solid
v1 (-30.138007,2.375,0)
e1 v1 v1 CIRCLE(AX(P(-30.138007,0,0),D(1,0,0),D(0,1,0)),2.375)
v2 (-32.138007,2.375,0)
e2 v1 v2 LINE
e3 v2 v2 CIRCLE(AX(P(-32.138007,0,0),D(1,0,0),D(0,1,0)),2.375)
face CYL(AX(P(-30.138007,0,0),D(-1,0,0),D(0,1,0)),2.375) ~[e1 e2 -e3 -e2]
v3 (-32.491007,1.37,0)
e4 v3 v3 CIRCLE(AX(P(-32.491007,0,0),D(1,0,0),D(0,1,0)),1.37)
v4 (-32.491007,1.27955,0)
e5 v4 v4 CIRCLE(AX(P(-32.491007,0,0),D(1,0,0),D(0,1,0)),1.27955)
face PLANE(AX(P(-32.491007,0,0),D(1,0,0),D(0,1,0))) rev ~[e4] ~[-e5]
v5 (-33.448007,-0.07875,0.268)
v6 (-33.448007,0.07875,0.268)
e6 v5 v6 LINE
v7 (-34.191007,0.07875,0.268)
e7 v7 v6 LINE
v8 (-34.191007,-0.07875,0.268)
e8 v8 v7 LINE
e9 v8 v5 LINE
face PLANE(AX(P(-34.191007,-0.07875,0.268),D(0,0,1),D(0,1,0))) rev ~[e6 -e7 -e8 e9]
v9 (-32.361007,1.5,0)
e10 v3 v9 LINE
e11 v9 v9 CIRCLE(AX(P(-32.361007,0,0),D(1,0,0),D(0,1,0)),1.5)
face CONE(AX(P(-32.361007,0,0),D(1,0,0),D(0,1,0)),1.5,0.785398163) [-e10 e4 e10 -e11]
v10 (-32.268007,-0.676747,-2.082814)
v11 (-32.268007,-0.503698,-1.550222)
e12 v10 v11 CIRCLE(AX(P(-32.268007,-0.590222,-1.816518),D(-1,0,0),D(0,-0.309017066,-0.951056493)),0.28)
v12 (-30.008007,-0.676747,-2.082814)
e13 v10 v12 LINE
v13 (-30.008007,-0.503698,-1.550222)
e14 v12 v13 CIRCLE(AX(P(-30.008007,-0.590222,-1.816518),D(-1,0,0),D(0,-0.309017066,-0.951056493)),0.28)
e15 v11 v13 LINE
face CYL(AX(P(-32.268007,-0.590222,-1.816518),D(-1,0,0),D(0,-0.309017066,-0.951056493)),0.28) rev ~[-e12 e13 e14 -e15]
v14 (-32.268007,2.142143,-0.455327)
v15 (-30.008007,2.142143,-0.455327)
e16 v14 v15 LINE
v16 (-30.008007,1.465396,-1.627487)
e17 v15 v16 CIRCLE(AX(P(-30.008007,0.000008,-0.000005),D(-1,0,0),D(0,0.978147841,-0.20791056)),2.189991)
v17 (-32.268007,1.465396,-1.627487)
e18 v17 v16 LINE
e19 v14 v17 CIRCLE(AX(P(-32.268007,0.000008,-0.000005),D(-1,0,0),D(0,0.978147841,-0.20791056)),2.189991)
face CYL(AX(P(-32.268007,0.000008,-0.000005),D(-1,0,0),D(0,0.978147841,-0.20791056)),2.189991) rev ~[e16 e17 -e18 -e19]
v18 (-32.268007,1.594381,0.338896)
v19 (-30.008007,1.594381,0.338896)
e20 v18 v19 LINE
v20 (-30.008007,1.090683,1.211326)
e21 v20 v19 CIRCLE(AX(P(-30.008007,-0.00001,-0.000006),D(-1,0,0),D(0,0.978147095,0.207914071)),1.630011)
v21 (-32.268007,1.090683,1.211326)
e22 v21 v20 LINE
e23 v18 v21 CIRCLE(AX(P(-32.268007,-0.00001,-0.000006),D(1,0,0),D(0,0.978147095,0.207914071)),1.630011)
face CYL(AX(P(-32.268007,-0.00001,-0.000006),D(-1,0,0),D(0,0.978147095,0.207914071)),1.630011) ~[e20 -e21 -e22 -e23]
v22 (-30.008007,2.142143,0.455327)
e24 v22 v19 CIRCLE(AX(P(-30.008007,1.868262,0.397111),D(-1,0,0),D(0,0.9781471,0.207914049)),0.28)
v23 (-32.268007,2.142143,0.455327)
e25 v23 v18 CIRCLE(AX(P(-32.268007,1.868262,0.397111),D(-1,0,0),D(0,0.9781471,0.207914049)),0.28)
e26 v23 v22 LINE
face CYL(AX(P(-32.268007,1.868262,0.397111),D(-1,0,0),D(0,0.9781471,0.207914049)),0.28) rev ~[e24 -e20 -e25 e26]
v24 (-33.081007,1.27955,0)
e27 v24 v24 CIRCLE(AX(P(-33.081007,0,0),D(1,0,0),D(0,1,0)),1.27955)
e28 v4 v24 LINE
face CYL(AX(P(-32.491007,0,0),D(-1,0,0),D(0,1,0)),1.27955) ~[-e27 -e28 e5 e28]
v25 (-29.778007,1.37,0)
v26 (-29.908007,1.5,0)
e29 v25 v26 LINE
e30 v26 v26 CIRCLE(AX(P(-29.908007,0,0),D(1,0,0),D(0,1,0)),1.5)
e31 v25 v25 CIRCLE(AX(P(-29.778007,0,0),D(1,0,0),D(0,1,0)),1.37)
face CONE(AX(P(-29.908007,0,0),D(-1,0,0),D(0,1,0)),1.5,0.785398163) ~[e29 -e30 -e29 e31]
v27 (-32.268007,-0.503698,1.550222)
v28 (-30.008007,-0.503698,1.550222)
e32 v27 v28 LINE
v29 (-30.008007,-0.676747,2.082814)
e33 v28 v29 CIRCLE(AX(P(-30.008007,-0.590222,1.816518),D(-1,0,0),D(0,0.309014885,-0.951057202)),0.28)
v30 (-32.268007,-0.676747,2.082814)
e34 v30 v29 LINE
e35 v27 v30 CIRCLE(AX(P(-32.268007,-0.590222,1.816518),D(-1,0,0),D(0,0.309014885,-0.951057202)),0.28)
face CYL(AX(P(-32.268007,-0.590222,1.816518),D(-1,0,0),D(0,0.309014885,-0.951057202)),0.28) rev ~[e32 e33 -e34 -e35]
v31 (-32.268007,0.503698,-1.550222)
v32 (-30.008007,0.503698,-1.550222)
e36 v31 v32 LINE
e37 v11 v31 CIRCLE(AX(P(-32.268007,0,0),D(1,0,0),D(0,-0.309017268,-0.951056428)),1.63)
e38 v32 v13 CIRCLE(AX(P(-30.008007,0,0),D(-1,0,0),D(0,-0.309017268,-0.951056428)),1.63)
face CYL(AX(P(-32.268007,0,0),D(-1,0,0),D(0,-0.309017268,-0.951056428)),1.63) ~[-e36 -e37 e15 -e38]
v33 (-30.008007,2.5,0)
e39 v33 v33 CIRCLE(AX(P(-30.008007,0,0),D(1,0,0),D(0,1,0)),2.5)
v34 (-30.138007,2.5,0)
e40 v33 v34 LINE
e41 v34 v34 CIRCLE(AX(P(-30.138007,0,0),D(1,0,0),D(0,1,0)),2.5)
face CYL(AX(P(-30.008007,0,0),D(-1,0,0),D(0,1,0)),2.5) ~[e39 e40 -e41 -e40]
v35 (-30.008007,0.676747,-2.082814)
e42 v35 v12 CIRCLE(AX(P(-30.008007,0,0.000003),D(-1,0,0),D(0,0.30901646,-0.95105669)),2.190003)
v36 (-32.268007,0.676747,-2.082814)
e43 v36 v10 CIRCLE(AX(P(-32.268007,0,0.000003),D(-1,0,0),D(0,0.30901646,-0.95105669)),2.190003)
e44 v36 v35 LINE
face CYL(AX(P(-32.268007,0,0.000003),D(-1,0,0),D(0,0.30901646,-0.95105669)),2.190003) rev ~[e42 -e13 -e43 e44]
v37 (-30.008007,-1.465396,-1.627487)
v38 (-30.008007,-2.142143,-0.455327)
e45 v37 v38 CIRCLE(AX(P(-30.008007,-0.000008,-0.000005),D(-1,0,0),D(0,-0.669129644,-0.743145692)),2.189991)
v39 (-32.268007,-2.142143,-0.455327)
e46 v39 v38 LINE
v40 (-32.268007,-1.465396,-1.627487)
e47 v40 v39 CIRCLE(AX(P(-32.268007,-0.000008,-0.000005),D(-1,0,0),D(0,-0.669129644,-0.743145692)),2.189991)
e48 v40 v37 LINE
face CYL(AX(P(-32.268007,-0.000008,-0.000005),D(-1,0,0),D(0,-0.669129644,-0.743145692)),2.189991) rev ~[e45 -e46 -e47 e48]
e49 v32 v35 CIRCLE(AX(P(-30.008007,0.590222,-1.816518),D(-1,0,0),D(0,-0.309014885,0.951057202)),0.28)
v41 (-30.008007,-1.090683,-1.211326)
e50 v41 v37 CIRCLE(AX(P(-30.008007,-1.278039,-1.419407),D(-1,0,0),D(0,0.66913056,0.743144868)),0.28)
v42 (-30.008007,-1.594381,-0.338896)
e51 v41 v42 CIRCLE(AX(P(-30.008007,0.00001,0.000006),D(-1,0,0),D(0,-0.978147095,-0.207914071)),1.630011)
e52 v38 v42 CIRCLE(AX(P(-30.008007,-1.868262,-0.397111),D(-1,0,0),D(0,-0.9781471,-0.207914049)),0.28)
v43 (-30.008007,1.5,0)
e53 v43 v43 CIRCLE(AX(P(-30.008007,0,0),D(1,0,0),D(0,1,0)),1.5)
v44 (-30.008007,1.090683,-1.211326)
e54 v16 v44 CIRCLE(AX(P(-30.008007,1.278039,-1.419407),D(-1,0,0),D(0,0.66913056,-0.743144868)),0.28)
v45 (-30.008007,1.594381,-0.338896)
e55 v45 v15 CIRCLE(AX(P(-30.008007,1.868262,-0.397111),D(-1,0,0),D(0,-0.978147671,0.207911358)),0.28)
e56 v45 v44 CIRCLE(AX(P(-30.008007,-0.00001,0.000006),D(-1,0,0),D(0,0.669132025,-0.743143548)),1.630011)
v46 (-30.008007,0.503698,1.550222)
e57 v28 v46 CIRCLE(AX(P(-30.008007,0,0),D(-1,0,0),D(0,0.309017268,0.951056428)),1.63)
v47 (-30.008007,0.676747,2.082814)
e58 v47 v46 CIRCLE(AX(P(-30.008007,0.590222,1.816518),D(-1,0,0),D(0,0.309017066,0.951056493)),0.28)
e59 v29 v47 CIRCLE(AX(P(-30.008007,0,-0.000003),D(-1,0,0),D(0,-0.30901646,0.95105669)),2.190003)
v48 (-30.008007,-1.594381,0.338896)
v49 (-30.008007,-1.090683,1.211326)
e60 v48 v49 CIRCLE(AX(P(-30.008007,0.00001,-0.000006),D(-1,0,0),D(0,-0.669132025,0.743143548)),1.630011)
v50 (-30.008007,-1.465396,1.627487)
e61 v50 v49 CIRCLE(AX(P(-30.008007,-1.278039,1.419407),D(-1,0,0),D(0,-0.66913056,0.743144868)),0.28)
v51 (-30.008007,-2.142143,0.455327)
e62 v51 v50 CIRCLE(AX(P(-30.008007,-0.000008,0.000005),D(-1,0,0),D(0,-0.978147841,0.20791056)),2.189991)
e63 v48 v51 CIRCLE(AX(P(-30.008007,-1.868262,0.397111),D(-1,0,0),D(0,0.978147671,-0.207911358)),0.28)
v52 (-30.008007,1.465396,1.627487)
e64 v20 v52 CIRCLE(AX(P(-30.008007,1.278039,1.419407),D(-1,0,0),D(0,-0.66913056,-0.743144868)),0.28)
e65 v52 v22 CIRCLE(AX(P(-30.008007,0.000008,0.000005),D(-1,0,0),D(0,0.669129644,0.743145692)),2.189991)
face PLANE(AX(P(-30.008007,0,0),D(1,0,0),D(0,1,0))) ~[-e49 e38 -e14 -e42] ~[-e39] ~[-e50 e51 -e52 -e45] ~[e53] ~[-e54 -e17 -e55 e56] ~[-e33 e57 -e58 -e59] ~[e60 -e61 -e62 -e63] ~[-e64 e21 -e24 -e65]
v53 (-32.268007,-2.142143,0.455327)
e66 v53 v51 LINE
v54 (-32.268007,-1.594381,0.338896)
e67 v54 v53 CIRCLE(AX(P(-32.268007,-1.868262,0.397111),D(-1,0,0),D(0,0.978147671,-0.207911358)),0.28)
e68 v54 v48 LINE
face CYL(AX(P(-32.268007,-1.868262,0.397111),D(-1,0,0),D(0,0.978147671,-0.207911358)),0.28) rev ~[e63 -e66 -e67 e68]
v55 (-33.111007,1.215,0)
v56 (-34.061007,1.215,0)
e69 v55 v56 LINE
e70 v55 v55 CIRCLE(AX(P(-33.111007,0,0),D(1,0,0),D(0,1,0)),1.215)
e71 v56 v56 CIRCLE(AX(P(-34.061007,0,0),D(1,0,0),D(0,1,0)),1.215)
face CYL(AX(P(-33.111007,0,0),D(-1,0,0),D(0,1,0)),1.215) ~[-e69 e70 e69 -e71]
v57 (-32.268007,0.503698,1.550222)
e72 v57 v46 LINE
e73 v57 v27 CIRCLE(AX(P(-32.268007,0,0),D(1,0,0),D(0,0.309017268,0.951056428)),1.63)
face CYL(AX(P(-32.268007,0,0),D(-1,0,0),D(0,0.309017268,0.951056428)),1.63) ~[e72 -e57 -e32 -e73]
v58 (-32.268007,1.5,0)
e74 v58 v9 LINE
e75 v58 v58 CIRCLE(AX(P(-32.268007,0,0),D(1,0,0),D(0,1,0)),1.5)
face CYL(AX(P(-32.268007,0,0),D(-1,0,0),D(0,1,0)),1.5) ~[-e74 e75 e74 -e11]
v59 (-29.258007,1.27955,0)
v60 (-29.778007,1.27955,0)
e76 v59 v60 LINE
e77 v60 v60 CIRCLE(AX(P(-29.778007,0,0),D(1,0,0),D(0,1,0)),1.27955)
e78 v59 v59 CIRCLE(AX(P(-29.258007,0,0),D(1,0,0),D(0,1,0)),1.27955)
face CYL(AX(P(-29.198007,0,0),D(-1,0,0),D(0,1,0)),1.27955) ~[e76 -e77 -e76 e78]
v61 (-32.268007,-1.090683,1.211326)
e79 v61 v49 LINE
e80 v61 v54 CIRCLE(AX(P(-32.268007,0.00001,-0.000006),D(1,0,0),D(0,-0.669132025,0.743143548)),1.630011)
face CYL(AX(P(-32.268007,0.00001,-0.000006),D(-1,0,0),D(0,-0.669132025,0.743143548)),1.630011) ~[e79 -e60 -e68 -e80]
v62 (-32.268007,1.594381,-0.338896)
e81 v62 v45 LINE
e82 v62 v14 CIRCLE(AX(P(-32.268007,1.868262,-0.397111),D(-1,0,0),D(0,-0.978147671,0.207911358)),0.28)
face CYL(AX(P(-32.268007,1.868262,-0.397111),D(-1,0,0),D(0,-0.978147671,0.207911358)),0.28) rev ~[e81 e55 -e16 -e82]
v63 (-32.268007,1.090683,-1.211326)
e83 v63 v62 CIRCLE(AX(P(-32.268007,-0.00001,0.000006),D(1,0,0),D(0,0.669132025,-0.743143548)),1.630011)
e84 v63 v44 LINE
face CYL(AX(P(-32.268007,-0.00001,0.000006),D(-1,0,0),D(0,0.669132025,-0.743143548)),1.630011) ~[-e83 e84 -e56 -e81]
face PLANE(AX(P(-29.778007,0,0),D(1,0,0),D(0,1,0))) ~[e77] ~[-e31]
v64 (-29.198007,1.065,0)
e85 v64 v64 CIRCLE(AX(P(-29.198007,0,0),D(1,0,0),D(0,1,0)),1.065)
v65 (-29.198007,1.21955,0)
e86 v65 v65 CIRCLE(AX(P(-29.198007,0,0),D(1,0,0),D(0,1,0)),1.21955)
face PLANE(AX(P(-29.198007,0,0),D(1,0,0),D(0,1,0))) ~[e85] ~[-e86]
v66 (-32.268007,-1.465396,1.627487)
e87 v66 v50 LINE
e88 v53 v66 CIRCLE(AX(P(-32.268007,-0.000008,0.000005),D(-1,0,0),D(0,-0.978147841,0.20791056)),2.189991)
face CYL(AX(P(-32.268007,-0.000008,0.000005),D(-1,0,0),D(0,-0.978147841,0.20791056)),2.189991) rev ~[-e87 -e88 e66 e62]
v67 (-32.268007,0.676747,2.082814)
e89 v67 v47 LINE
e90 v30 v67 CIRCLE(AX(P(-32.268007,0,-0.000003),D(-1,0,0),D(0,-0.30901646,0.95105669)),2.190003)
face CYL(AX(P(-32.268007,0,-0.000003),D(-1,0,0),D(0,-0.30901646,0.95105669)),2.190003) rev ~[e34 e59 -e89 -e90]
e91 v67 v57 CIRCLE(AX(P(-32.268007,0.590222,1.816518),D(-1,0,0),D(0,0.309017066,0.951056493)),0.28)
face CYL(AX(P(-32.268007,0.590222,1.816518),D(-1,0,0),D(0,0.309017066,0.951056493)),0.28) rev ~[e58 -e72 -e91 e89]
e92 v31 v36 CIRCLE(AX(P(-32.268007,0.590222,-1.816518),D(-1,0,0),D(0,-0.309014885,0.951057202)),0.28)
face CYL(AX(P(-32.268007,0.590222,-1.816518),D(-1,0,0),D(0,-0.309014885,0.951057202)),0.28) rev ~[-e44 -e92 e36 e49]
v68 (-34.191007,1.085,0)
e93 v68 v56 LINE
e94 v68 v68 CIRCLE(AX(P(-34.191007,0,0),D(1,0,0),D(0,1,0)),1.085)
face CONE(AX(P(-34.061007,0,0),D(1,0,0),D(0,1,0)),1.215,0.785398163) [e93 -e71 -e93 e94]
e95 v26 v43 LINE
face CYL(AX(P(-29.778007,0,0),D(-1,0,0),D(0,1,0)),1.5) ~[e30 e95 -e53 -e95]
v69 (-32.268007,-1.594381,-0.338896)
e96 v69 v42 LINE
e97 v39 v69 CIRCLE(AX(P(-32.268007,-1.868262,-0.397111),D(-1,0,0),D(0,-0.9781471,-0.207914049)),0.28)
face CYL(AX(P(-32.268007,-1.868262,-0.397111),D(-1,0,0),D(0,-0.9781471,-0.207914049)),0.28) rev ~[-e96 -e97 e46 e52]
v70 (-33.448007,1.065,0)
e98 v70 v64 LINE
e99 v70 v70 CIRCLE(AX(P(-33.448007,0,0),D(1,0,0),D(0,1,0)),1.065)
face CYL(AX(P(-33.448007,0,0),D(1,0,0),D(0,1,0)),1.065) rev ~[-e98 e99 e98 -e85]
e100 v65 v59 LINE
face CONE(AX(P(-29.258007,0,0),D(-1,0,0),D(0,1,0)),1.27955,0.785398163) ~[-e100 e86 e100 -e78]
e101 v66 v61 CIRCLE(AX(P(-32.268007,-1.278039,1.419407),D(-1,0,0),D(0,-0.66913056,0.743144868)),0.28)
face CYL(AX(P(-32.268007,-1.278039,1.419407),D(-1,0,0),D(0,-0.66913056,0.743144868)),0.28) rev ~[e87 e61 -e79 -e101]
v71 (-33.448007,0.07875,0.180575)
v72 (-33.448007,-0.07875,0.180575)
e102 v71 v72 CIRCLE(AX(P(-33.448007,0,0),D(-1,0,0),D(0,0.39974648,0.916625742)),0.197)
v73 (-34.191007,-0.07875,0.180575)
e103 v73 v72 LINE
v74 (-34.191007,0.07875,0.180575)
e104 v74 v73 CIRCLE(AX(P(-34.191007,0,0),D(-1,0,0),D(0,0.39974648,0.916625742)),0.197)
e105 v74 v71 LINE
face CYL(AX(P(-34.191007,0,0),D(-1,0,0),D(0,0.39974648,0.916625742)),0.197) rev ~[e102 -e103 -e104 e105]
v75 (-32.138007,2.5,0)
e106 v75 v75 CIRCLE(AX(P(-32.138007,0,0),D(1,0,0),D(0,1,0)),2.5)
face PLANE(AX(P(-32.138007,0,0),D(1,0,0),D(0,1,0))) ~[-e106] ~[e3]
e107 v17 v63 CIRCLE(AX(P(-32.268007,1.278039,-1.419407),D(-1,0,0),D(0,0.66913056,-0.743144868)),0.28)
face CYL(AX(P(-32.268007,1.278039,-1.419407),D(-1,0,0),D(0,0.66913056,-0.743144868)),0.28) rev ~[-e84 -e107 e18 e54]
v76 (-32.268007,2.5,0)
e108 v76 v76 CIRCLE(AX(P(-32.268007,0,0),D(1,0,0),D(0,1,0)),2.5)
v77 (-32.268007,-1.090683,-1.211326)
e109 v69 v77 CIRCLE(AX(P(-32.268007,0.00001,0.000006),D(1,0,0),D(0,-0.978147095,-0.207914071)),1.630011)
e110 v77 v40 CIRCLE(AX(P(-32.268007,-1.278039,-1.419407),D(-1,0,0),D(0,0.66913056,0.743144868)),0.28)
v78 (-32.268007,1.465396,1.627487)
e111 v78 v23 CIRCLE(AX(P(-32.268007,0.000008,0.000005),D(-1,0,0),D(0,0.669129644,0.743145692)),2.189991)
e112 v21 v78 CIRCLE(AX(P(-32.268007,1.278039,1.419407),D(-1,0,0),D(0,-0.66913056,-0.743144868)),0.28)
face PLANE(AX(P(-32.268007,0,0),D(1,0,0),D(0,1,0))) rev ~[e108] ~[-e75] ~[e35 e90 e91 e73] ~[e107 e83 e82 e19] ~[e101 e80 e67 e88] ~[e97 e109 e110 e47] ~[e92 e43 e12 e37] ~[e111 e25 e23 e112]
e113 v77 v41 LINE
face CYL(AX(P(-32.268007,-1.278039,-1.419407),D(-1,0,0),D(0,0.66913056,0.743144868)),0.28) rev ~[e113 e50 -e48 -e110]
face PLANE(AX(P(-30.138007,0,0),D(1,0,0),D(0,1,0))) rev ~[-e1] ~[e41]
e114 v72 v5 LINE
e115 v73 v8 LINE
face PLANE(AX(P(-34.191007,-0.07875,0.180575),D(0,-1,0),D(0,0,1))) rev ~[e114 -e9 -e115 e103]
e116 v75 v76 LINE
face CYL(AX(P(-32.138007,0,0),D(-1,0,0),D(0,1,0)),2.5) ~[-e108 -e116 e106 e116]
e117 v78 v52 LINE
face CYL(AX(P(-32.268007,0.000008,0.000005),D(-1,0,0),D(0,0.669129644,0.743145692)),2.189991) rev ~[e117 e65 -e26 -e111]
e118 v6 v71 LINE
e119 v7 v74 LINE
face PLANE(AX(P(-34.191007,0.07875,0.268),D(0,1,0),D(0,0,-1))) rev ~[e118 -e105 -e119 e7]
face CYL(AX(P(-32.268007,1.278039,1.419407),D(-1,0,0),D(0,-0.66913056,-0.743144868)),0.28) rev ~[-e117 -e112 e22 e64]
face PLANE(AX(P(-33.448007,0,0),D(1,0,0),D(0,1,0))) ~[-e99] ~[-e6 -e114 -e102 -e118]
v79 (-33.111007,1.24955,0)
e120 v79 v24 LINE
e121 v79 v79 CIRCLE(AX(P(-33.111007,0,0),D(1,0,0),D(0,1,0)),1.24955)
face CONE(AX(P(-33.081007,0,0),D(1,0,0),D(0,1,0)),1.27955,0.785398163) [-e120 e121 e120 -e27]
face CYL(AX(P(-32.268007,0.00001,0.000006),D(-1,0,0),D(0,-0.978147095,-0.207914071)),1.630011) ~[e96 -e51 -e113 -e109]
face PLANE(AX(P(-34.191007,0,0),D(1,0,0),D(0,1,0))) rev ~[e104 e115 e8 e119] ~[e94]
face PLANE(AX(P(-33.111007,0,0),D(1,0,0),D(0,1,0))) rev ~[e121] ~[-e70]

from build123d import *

# Parameters (mm, degrees)
F3_DEPTH  = 6.86
F4_SIZE   = 0.13
F5_SIZE   = 0.06
F6_SIZE   = 0.03
F8_DEPTH  = 6.79
F10_DEPTH = 14.1


with BuildPart() as f1:
    # F0 (on Top) → F1 (revolve)
    with BuildSketch(Plane.XY):
        Polygon((-33.448007, 1.065), (-29.198007, 1.065), (-29.198007, 1.27955), (-29.778007, 1.27955), (-29.778007, 1.5), (-30.008007, 1.5), (-30.008007, 2.5), (-30.138007, 2.5), (-30.138007, 2.375), (-32.138007, 2.375), (-32.138007, 2.5), (-32.268007, 2.5), (-32.268007, 1.5), (-32.491007, 1.5), (-32.491007, 1.27955), (-33.111007, 1.27955), (-33.111007, 1.215), (-34.191007, 1.215), (-34.191007, 0), (-33.448007, 0), align=None)
    revolve(axis=Axis((-33.819507, 0, 0), (1, 0, 0)))

    # F2 (on face) → F3 (cut)
    with BuildSketch(Plane(origin=(-34.191007, 0, 0), x_dir=(0, -1, 0), z_dir=(-1, 0, 0))):
        with BuildLine():
            Line((-0.07875, 0.268), (-0.07875, 0.180575))
            ThreePointArc((-0.07875, 0.180575), (0, -0.197), (0.07875, 0.180575))
            Line((0.07875, 0.180575), (0.07875, 0.268))
            Line((0.07875, 0.268), (0, 0.268))
            Line((0, 0.268), (-0.07875, 0.268))
        make_face()
    extrude(amount=-F3_DEPTH, mode=Mode.SUBTRACT)

    # F4
    f4_edges = [f1.edges().sort_by_distance(p)[0] for p in [
        (-34.191007, -1.215, 0),
        (-32.491007, -1.5, 0),
        (-29.778007, -1.5, 0),
    ]]
    chamfer(f4_edges, length=F4_SIZE)

    # F5
    f5_edges = [f1.edges().sort_by_distance(p)[0] for p in [
        (-29.198007, -1.27955, 0),
    ]]
    chamfer(f5_edges, length=F5_SIZE)

    # F6
    f6_edges = [f1.edges().sort_by_distance(p)[0] for p in [
        (-33.111007, -1.27955, 0),
    ]]
    chamfer(f6_edges, length=F6_SIZE)

    # F7 (on face) → F8 (cut)
    with BuildSketch(Plane(origin=(-32.268007, 0, 0), x_dir=(0, -1, 0), z_dir=(-1, 0, 0))):
        with BuildLine():
            ThreePointArc((-0.503698, 1.550222), (0, 1.63), (0.503698, 1.550222))
            ThreePointArc((0.503698, 1.550222), (0.856518, 1.729993), (0.676747, 2.082814))
            ThreePointArc((0.676747, 2.082814), (0, 2.19), (-0.676747, 2.082814))
            ThreePointArc((-0.676747, 2.082814), (-0.856518, 1.729993), (-0.503698, 1.550222))
        make_face()
        with BuildLine():
            ThreePointArc((-1.594381, 0.338896), (-1.411621, 0.815), (-1.090683, 1.211326))
            ThreePointArc((-1.090683, 1.211326), (-1.069959, 1.606763), (-1.465396, 1.627487))
            ThreePointArc((-1.465396, 1.627487), (-1.896596, 1.095), (-2.142143, 0.455327))
            ThreePointArc((-2.142143, 0.455327), (-1.926477, 0.12323), (-1.594381, 0.338896))
        make_face()
        with BuildLine():
            ThreePointArc((-1.090683, -1.211326), (-1.411621, -0.815), (-1.594381, -0.338896))
            ThreePointArc((-1.594381, -0.338896), (-1.926477, -0.12323), (-2.142143, -0.455327))
            ThreePointArc((-2.142143, -0.455327), (-1.896596, -1.095), (-1.465396, -1.627487))
            ThreePointArc((-1.465396, -1.627487), (-1.069959, -1.606763), (-1.090683, -1.211326))
        make_face()
        with BuildLine():
            ThreePointArc((0.503698, -1.550222), (0, -1.63), (-0.503698, -1.550222))
            ThreePointArc((-0.503698, -1.550222), (-0.856518, -1.729993), (-0.676747, -2.082814))
            ThreePointArc((-0.676747, -2.082814), (0, -2.19), (0.676747, -2.082814))
            ThreePointArc((0.676747, -2.082814), (0.856518, -1.729993), (0.503698, -1.550222))
        make_face()
        with BuildLine():
            ThreePointArc((1.594381, -0.338896), (1.411621, -0.815), (1.090683, -1.211326))
            ThreePointArc((1.090683, -1.211326), (1.069959, -1.606763), (1.465396, -1.627487))
            ThreePointArc((1.465396, -1.627487), (1.896596, -1.095), (2.142143, -0.455327))
            ThreePointArc((2.142143, -0.455327), (1.926477, -0.12323), (1.594381, -0.338896))
        make_face()
        with BuildLine():
            ThreePointArc((1.090683, 1.211326), (1.411621, 0.815), (1.594381, 0.338896))
            ThreePointArc((1.594381, 0.338896), (1.926477, 0.12323), (2.142143, 0.455327))
            ThreePointArc((2.142143, 0.455327), (1.896596, 1.095), (1.465396, 1.627487))
            ThreePointArc((1.465396, 1.627487), (1.069959, 1.606763), (1.090683, 1.211326))
        make_face()
    extrude(amount=-F8_DEPTH, mode=Mode.SUBTRACT)

    # F9 (on face) → F10 (cut)
    with BuildSketch(Plane(origin=(-32.268007, 0, 0), x_dir=(0, -1, 0), z_dir=(-1, 0, 0))):
        with BuildLine():
            ThreePointArc((-1.594381, 0.338896), (-1.411621, 0.815), (-1.090683, 1.211326))
            ThreePointArc((-1.090683, 1.211326), (-1.069959, 1.606763), (-1.465396, 1.627487))
            ThreePointArc((-1.465396, 1.627487), (-1.896596, 1.095), (-2.142143, 0.455327))
            ThreePointArc((-2.142143, 0.455327), (-1.926477, 0.12323), (-1.594381, 0.338896))
        make_face()
        with BuildLine():
            ThreePointArc((-2.142143, -0.455327), (-1.896596, -1.095), (-1.465396, -1.627487))
            ThreePointArc((-1.465396, -1.627487), (-1.069959, -1.606763), (-1.090683, -1.211326))
            ThreePointArc((-1.090683, -1.211326), (-1.411621, -0.815), (-1.594381, -0.338896))
            ThreePointArc((-1.594381, -0.338896), (-1.926477, -0.12323), (-2.142143, -0.455327))
        make_face()
        with BuildLine():
            ThreePointArc((-0.676747, -2.082814), (0, -2.19), (0.676747, -2.082814))
            ThreePointArc((0.676747, -2.082814), (0.856518, -1.729993), (0.503698, -1.550222))
            ThreePointArc((0.503698, -1.550222), (0, -1.63), (-0.503698, -1.550222))
            ThreePointArc((-0.503698, -1.550222), (-0.856518, -1.729993), (-0.676747, -2.082814))
        make_face()
        with BuildLine():
            ThreePointArc((1.465396, -1.627487), (1.896596, -1.095), (2.142143, -0.455327))
            ThreePointArc((2.142143, -0.455327), (1.926477, -0.12323), (1.594381, -0.338896))
            ThreePointArc((1.594381, -0.338896), (1.411621, -0.815), (1.090683, -1.211326))
            ThreePointArc((1.090683, -1.211326), (1.069959, -1.606763), (1.465396, -1.627487))
        make_face()
        with BuildLine():
            ThreePointArc((2.142143, 0.455327), (1.896596, 1.095), (1.465396, 1.627487))
            ThreePointArc((1.465396, 1.627487), (1.069959, 1.606763), (1.090683, 1.211326))
            ThreePointArc((1.090683, 1.211326), (1.411621, 0.815), (1.594381, 0.338896))
            ThreePointArc((1.594381, 0.338896), (1.926477, 0.12323), (2.142143, 0.455327))
        make_face()
        with BuildLine():
            ThreePointArc((-0.503698, 1.550222), (0, 1.63), (0.503698, 1.550222))
            ThreePointArc((0.503698, 1.550222), (0.856518, 1.729993), (0.676747, 2.082814))
            ThreePointArc((0.676747, 2.082814), (0, 2.19), (-0.676747, 2.082814))
            ThreePointArc((-0.676747, 2.082814), (-0.856518, 1.729993), (-0.503698, 1.550222))
        make_face()
    extrude(amount=-F10_DEPTH, mode=Mode.SUBTRACT)


solid = f1.part
